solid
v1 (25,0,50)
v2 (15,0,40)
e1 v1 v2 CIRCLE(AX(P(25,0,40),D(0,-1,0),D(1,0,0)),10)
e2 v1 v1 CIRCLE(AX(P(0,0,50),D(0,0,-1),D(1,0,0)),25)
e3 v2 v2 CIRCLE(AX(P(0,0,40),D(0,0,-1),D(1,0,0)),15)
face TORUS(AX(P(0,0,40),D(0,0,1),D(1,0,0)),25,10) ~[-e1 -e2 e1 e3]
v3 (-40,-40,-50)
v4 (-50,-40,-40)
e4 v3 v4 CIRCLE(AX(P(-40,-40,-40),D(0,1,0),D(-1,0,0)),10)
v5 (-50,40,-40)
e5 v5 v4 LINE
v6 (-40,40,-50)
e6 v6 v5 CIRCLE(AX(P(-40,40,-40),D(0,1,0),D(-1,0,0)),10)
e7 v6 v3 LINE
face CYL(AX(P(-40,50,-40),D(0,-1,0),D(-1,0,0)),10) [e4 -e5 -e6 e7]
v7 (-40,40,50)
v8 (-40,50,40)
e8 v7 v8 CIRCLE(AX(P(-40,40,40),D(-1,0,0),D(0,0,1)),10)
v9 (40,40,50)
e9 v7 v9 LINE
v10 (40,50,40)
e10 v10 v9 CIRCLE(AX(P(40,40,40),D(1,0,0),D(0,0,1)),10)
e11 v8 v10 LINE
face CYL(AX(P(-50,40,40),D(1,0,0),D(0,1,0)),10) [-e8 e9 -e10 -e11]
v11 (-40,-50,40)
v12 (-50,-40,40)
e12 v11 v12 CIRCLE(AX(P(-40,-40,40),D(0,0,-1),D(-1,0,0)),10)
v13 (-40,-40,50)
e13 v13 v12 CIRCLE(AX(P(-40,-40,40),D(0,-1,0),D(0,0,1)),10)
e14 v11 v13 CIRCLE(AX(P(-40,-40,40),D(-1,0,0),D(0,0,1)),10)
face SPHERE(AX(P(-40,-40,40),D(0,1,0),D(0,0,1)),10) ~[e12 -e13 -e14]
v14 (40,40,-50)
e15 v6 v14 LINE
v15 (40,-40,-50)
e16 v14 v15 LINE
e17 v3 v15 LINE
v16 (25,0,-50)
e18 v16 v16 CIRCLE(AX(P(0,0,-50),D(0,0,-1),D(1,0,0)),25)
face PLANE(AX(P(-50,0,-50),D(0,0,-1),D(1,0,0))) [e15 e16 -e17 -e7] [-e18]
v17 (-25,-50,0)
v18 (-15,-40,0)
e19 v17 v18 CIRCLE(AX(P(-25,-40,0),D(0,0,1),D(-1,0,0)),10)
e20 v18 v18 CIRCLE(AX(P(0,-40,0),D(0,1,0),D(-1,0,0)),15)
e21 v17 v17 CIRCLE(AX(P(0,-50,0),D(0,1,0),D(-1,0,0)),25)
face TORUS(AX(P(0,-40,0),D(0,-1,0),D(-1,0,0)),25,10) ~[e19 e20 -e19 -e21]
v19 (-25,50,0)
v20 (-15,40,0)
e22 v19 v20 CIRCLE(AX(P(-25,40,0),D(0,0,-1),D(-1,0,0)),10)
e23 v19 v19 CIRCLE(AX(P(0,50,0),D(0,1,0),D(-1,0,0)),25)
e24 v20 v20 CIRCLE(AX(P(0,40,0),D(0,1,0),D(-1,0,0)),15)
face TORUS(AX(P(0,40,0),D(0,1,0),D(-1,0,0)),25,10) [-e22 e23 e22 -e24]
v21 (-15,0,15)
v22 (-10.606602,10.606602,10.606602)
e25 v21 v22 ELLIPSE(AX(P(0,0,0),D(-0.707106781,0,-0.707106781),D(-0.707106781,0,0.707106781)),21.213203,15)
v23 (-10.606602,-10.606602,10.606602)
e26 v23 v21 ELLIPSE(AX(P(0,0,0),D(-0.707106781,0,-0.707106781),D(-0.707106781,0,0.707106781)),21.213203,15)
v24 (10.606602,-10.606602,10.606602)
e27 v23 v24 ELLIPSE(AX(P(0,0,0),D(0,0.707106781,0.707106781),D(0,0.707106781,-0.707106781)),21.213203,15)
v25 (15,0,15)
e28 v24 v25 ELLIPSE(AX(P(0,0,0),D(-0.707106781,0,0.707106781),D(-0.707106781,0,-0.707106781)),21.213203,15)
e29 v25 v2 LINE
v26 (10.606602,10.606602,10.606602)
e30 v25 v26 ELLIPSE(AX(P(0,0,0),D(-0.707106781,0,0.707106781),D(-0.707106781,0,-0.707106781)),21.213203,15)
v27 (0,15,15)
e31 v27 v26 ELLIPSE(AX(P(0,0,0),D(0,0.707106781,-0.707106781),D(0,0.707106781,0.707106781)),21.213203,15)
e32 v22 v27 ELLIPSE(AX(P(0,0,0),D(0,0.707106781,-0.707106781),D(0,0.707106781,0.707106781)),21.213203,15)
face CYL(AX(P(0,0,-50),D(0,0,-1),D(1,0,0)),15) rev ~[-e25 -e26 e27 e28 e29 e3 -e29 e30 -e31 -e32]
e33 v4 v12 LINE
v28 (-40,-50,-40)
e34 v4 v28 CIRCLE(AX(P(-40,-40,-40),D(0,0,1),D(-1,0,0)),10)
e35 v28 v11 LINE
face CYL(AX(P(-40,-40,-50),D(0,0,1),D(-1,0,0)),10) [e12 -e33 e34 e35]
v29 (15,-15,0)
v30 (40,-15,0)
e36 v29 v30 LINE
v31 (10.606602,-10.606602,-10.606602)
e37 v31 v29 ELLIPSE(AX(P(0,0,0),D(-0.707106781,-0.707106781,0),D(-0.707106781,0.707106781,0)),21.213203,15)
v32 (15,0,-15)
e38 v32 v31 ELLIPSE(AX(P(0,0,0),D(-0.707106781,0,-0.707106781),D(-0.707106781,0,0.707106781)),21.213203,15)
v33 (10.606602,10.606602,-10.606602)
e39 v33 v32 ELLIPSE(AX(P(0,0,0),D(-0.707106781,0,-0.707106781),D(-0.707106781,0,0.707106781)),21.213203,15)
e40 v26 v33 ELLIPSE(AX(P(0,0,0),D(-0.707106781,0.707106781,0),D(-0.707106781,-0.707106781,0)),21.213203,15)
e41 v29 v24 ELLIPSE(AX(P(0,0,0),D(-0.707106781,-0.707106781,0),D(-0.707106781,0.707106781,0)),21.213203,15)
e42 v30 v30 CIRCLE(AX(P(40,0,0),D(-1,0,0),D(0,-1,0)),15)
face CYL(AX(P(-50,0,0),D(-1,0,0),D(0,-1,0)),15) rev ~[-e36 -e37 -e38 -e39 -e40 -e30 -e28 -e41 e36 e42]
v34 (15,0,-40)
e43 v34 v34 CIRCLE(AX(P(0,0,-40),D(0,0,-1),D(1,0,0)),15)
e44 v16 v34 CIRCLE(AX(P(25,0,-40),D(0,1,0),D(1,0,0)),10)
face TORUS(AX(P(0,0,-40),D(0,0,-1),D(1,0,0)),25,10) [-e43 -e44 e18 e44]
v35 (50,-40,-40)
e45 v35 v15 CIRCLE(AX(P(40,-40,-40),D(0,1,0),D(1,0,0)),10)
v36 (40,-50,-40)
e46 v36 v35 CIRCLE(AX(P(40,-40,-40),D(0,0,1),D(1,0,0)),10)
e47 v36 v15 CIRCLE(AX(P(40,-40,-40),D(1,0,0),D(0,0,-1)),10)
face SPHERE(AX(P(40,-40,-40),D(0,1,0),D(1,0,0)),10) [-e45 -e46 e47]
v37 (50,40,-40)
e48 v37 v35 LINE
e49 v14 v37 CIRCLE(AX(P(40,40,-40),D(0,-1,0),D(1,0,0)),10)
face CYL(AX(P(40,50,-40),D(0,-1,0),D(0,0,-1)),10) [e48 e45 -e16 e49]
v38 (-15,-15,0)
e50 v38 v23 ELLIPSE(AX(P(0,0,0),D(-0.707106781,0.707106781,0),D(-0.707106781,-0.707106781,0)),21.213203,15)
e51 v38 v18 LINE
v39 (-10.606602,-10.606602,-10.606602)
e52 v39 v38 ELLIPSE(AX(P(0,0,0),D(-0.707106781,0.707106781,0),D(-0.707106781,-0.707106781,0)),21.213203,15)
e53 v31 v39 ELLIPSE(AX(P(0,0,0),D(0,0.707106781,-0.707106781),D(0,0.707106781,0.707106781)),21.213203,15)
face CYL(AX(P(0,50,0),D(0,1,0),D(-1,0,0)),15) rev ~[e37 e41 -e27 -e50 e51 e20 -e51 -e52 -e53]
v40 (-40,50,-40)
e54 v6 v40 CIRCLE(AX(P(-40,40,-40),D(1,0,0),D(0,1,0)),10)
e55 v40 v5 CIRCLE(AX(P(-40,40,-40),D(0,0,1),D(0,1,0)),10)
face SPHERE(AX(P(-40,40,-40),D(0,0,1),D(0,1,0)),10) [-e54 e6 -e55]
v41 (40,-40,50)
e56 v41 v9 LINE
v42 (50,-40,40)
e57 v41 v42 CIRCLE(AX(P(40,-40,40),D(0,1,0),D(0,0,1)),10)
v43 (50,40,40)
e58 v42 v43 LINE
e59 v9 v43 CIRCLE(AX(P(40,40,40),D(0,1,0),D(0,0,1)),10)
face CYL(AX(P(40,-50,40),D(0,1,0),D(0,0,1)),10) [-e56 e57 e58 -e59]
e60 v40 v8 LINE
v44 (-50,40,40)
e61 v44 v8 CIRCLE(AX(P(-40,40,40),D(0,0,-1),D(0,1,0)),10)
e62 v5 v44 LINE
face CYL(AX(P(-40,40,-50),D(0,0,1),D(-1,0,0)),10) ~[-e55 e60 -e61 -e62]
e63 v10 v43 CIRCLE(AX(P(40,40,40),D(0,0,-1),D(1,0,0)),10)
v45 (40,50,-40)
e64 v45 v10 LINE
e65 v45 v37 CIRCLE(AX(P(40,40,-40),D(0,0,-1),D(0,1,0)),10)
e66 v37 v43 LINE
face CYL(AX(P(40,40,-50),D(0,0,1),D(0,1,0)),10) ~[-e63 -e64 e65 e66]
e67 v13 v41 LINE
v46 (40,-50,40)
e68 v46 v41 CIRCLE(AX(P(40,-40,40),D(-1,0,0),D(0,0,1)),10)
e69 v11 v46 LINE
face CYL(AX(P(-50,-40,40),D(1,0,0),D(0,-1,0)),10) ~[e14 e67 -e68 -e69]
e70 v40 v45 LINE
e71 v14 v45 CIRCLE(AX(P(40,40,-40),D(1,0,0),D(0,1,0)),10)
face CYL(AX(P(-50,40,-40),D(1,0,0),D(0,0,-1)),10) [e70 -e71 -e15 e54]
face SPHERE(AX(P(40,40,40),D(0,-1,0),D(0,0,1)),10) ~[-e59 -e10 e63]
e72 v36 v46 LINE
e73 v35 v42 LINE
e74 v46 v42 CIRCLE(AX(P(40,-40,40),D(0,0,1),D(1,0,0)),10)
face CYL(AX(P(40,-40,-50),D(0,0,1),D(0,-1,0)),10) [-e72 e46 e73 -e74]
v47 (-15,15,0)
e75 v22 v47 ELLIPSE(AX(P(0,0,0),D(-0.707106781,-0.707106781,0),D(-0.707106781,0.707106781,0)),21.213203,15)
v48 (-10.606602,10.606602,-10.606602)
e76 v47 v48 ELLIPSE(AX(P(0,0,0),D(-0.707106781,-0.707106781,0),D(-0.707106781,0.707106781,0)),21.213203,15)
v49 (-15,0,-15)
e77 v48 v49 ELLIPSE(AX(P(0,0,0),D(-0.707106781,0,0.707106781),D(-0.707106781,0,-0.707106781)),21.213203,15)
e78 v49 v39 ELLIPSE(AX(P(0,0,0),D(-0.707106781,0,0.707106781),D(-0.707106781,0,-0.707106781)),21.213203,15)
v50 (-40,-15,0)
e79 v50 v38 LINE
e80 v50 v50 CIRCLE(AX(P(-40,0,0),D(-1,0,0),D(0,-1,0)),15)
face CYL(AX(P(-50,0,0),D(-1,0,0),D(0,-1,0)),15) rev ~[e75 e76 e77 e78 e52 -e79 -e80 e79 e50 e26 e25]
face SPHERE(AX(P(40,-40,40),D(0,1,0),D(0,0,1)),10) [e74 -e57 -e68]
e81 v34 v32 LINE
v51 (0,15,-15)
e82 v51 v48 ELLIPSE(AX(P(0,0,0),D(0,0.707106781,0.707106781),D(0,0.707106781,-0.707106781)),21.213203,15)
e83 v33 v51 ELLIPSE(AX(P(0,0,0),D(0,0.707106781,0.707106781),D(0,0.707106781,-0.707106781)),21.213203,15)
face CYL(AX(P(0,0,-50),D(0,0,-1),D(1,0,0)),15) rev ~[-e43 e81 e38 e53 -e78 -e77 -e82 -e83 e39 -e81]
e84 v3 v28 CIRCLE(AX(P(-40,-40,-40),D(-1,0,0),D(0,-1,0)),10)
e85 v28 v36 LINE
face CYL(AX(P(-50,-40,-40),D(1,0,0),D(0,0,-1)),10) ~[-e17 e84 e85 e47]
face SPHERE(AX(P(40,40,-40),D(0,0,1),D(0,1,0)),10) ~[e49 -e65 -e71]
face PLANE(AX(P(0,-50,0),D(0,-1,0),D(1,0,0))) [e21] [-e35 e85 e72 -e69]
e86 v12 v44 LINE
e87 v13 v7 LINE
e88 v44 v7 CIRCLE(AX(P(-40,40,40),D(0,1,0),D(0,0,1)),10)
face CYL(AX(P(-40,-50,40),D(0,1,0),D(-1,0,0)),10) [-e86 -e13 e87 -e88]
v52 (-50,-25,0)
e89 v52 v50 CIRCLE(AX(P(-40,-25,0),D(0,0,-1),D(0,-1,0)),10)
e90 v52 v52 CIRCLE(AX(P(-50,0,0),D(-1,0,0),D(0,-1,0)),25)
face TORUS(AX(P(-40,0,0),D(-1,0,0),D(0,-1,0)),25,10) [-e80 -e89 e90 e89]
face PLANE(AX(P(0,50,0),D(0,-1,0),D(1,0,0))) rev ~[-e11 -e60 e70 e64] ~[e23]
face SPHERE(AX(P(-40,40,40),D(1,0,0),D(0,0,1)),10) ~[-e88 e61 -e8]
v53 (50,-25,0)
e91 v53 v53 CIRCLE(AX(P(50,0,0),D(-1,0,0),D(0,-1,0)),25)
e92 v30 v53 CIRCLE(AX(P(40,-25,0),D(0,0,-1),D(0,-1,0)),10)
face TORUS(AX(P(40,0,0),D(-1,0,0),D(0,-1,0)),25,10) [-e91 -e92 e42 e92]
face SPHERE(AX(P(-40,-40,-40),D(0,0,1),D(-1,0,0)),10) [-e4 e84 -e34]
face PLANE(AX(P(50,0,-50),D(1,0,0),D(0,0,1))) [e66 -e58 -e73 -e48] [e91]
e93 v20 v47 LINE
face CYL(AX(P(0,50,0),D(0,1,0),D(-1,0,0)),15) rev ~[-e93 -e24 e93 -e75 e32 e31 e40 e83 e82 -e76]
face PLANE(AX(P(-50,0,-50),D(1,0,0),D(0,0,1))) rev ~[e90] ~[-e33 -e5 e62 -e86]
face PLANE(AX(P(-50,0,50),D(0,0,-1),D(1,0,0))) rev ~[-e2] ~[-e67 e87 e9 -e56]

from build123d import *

# Parameters (mm, degrees)
F0_W     = 100
F0_H     = 100
F1_DEPTH = 50
F2_R     = 15
F3_DEPTH = 100
F4_R     = 15
F5_DEPTH = 100.001
F6_R     = 15
F7_DEPTH = 100.001
F8_R     = 10
F9_R     = 10


with BuildPart() as f1:
    # F0 (on Front) → F1 (new body, symmetric)
    with BuildSketch(Plane.XZ):
        Rectangle(F0_W, F0_H)
    extrude(amount=F1_DEPTH, both=True)

    # F2 (on face) → F3 (cut, through all)
    with BuildSketch(Plane(origin=(-50, 0, 0), x_dir=(0, -1, 0), z_dir=(-1, 0, 0))):
        Circle(F2_R)
    extrude(amount=-F3_DEPTH, mode=Mode.SUBTRACT)

    # F4 (on face) → F5 (cut, through all)
    with BuildSketch(Plane(origin=(0, 50, 0), x_dir=(-1, 0, 0), z_dir=(0, 1, 0))):
        Circle(F4_R)
    extrude(amount=-F5_DEPTH, mode=Mode.SUBTRACT)

    # F6 (on face) → F7 (cut, through all)
    with BuildSketch(Plane(origin=(0, 0, -50), x_dir=(1, 0, 0), z_dir=(0, 0, -1))):
        Circle(F6_R)
    extrude(amount=-F7_DEPTH, mode=Mode.SUBTRACT)

    # F8
    f8_edges = [f1.edges().sort_by_distance(p)[0] for p in [
        (50, 0, 50),
        (0, 50, 50),
        (-50, 0, 50),
        (0, -50, 50),
        (50, 50, 0),
        (-50, 50, 0),
        (0, 50, -50),
        (50, 0, -50),
        (50, -50, 0),
        (-50, -50, 0),
        (-50, 0, -50),
        (0, -50, -50),
    ]]
    fillet(f8_edges, radius=F8_R)

    # F9
    f9_edges = [f1.edges().sort_by_distance(p)[0] for p in [
        (-15, 0, 50),
        (15, 50, 0),
        (50, 15, 0),
        (-50, 15, 0),
        (15, -50, 0),
        (-15, 0, -50),
    ]]
    fillet(f9_edges, radius=F9_R)


solid = f1.part
